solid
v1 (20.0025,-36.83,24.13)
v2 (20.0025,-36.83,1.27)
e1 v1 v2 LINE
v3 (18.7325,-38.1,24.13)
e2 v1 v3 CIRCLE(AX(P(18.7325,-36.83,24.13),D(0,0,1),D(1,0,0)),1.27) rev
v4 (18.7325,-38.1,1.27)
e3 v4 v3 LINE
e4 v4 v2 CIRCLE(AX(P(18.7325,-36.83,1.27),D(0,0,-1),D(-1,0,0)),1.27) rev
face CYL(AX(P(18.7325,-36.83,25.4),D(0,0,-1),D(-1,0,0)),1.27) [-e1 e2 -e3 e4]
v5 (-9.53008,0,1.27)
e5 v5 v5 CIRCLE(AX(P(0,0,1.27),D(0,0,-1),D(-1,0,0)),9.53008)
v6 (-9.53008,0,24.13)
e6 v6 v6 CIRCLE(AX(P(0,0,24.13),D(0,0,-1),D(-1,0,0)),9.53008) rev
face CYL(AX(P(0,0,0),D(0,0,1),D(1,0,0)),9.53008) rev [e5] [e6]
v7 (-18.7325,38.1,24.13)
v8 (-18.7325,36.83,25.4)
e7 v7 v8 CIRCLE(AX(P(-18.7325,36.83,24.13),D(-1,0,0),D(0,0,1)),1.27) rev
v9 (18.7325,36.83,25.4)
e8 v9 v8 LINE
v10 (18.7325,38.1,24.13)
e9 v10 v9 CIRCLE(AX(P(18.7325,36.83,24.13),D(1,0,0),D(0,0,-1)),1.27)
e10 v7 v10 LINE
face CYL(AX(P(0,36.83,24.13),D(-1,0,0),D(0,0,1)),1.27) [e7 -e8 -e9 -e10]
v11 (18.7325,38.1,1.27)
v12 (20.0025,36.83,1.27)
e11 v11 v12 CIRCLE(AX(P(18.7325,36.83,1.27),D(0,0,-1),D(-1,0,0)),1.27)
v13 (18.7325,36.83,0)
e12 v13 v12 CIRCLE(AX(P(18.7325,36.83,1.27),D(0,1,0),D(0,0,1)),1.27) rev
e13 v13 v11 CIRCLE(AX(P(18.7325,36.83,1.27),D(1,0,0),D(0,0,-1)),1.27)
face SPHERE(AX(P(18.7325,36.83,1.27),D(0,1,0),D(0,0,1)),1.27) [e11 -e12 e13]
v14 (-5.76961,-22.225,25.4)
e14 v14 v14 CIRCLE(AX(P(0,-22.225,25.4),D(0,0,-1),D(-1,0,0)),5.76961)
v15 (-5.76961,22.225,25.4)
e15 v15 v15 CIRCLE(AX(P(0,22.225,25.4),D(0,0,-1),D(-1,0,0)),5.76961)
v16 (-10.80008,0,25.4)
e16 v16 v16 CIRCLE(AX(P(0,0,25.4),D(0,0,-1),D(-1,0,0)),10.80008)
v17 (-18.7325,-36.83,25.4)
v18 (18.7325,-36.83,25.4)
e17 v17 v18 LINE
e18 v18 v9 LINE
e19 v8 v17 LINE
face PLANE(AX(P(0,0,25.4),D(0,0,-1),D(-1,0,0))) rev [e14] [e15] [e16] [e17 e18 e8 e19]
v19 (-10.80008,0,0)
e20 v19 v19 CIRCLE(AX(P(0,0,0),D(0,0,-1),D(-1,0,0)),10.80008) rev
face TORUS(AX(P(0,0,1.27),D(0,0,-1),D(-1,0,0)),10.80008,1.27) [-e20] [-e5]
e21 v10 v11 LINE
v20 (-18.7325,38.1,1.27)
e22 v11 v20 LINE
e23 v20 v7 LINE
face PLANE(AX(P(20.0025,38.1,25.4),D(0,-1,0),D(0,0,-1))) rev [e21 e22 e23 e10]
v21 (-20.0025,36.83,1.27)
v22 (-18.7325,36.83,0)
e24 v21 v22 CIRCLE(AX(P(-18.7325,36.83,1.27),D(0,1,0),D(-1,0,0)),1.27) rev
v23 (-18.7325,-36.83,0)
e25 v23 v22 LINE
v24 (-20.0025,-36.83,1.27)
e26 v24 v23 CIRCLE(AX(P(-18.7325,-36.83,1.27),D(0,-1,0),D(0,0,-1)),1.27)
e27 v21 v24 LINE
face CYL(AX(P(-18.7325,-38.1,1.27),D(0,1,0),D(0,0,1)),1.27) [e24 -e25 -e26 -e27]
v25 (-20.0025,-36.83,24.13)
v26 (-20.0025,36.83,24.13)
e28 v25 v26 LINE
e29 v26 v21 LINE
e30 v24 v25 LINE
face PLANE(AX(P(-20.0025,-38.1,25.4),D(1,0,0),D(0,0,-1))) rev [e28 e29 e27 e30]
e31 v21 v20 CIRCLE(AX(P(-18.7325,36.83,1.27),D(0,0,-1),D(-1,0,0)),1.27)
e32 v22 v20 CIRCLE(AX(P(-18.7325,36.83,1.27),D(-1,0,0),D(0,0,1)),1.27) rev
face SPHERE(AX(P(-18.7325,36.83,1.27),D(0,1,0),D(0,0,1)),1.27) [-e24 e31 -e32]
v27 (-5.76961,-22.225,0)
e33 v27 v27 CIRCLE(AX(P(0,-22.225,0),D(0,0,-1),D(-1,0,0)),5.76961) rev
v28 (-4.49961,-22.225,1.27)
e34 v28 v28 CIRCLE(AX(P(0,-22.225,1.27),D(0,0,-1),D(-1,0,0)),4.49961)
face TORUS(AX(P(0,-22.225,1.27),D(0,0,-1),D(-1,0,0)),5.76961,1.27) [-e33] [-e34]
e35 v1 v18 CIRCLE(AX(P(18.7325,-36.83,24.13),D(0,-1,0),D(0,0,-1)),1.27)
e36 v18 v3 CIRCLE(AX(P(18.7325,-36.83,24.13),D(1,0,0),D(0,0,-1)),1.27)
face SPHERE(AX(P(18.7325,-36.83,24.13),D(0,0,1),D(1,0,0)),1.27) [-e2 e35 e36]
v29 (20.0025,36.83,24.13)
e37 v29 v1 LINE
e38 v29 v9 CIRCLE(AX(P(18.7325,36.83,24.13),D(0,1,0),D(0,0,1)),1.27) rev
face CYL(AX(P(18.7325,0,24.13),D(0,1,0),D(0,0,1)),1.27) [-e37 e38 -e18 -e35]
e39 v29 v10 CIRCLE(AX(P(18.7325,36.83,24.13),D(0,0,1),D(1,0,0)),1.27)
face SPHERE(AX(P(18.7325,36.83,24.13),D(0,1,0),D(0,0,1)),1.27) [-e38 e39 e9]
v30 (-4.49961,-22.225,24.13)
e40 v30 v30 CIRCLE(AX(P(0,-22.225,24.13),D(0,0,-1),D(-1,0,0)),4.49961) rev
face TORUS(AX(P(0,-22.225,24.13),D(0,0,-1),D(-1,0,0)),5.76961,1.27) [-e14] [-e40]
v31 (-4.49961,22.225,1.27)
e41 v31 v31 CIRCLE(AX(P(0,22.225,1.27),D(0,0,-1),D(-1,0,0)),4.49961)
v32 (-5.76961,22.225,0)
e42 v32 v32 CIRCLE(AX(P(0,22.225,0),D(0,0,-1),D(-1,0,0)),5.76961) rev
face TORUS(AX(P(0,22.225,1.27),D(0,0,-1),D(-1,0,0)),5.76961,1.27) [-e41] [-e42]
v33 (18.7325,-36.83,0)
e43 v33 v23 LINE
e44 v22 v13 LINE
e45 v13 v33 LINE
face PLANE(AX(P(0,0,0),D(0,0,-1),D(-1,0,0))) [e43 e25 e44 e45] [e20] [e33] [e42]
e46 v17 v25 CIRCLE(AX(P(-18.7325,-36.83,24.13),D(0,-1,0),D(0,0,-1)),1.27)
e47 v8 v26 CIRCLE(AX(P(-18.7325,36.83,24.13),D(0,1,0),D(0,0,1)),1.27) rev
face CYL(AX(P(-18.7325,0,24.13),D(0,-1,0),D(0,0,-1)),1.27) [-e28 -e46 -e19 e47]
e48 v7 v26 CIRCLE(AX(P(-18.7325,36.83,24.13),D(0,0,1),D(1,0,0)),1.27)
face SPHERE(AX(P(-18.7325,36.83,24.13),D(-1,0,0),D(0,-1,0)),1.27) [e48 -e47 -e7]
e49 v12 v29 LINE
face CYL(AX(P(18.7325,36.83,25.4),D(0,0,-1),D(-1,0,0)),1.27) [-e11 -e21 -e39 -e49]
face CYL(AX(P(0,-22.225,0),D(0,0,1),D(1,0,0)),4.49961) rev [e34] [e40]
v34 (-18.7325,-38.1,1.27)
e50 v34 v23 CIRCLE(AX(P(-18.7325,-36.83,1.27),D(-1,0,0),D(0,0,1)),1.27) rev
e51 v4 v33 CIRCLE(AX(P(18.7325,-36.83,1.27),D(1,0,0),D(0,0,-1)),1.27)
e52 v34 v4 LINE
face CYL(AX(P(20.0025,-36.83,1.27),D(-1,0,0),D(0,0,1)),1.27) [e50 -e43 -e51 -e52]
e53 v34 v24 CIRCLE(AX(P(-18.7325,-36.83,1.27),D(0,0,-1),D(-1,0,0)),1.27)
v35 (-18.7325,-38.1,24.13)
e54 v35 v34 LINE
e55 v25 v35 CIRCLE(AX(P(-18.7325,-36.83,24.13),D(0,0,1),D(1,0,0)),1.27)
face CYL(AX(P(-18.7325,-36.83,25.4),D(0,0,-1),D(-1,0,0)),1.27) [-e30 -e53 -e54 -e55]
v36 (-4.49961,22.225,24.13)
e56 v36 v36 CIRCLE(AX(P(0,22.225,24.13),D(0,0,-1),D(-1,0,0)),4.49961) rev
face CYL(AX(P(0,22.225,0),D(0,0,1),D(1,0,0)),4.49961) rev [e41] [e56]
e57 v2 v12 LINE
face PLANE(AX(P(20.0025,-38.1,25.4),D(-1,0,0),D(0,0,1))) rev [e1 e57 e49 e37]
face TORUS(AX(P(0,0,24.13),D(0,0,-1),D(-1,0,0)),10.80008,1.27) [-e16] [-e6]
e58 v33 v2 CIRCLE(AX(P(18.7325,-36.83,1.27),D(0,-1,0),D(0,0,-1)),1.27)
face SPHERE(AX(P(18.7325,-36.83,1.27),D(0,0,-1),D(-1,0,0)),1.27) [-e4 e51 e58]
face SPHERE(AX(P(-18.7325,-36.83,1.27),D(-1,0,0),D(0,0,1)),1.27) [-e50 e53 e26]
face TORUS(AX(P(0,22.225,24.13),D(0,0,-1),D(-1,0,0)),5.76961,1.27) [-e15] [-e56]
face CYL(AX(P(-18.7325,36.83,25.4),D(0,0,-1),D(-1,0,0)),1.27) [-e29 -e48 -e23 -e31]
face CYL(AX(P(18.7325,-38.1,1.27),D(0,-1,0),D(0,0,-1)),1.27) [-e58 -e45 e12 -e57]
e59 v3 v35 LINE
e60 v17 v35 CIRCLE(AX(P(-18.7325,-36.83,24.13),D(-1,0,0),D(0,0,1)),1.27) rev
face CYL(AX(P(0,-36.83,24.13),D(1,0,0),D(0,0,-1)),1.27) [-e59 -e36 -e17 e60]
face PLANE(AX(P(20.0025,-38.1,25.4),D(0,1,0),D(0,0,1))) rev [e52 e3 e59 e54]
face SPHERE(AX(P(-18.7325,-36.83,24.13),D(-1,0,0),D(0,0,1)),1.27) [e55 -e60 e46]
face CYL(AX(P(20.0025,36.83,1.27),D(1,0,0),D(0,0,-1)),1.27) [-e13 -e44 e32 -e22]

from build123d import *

# Parameters (mm, degrees)
SKETCH1_W           = 76.2
SKETCH1_H           = 40.005
BOSS_EXTRUDE1_DEPTH = 25.4
SKETCH2_R           = 9.53008
CUT_EXTRUDE1_DEPTH  = 50.96869026
SKETCH3_R           = 4.49961
CUT_EXTRUDE2_DEPTH  = 50.96869026
FILLET1_R           = 1.27


with BuildPart() as part:
    # Sketch1 → Boss-Extrude1 (new body)
    with BuildSketch(Plane(origin=(0, 0, 0), x_dir=(0, 1, 0), z_dir=(0, 0, 1))):
        Rectangle(SKETCH1_W, SKETCH1_H)
    extrude(amount=BOSS_EXTRUDE1_DEPTH)

    # Sketch2 → Cut-Extrude1 (cut, through all)
    with BuildSketch(Plane.XY.offset(25.4)):
        Circle(SKETCH2_R)
    extrude(amount=-CUT_EXTRUDE1_DEPTH, mode=Mode.SUBTRACT)

    # Sketch3 → Cut-Extrude2 (cut, through all)
    with BuildSketch(Plane.XY.offset(25.4)):
        with Locations((0, 22.225)):
            Circle(SKETCH3_R)
        with Locations((0, -22.225)):
            Circle(SKETCH3_R)
    extrude(amount=-CUT_EXTRUDE2_DEPTH, mode=Mode.SUBTRACT)

    # Fillet1
    fillet1_edges = [part.edges().sort_by_distance(p)[0] for p in [
        (0, -38.1, 25.4),
        (-9.53008, 0, 0),
        (-9.53008, 0, 25.4),
        (20.0025, 0, 25.4),
        (-4.49961, 22.225, 0),
        (-4.49961, 22.225, 25.4),
        (-4.49961, -22.225, 0),
        (-4.49961, -22.225, 25.4),
        (0, 38.1, 25.4),
        (20.0025, 0, 0),
        (0, -38.1, 0),
        (-20.0025, 0, 0),
        (0, 38.1, 0),
        (20.0025, 38.1, 12.7),
        (20.0025, -38.1, 12.7),
        (-20.0025, -38.1, 12.7),
        (-20.0025, 38.1, 12.7),
        (-20.0025, 0, 25.4),
    ]]
    fillet(fillet1_edges, radius=FILLET1_R)


solid = part.part
